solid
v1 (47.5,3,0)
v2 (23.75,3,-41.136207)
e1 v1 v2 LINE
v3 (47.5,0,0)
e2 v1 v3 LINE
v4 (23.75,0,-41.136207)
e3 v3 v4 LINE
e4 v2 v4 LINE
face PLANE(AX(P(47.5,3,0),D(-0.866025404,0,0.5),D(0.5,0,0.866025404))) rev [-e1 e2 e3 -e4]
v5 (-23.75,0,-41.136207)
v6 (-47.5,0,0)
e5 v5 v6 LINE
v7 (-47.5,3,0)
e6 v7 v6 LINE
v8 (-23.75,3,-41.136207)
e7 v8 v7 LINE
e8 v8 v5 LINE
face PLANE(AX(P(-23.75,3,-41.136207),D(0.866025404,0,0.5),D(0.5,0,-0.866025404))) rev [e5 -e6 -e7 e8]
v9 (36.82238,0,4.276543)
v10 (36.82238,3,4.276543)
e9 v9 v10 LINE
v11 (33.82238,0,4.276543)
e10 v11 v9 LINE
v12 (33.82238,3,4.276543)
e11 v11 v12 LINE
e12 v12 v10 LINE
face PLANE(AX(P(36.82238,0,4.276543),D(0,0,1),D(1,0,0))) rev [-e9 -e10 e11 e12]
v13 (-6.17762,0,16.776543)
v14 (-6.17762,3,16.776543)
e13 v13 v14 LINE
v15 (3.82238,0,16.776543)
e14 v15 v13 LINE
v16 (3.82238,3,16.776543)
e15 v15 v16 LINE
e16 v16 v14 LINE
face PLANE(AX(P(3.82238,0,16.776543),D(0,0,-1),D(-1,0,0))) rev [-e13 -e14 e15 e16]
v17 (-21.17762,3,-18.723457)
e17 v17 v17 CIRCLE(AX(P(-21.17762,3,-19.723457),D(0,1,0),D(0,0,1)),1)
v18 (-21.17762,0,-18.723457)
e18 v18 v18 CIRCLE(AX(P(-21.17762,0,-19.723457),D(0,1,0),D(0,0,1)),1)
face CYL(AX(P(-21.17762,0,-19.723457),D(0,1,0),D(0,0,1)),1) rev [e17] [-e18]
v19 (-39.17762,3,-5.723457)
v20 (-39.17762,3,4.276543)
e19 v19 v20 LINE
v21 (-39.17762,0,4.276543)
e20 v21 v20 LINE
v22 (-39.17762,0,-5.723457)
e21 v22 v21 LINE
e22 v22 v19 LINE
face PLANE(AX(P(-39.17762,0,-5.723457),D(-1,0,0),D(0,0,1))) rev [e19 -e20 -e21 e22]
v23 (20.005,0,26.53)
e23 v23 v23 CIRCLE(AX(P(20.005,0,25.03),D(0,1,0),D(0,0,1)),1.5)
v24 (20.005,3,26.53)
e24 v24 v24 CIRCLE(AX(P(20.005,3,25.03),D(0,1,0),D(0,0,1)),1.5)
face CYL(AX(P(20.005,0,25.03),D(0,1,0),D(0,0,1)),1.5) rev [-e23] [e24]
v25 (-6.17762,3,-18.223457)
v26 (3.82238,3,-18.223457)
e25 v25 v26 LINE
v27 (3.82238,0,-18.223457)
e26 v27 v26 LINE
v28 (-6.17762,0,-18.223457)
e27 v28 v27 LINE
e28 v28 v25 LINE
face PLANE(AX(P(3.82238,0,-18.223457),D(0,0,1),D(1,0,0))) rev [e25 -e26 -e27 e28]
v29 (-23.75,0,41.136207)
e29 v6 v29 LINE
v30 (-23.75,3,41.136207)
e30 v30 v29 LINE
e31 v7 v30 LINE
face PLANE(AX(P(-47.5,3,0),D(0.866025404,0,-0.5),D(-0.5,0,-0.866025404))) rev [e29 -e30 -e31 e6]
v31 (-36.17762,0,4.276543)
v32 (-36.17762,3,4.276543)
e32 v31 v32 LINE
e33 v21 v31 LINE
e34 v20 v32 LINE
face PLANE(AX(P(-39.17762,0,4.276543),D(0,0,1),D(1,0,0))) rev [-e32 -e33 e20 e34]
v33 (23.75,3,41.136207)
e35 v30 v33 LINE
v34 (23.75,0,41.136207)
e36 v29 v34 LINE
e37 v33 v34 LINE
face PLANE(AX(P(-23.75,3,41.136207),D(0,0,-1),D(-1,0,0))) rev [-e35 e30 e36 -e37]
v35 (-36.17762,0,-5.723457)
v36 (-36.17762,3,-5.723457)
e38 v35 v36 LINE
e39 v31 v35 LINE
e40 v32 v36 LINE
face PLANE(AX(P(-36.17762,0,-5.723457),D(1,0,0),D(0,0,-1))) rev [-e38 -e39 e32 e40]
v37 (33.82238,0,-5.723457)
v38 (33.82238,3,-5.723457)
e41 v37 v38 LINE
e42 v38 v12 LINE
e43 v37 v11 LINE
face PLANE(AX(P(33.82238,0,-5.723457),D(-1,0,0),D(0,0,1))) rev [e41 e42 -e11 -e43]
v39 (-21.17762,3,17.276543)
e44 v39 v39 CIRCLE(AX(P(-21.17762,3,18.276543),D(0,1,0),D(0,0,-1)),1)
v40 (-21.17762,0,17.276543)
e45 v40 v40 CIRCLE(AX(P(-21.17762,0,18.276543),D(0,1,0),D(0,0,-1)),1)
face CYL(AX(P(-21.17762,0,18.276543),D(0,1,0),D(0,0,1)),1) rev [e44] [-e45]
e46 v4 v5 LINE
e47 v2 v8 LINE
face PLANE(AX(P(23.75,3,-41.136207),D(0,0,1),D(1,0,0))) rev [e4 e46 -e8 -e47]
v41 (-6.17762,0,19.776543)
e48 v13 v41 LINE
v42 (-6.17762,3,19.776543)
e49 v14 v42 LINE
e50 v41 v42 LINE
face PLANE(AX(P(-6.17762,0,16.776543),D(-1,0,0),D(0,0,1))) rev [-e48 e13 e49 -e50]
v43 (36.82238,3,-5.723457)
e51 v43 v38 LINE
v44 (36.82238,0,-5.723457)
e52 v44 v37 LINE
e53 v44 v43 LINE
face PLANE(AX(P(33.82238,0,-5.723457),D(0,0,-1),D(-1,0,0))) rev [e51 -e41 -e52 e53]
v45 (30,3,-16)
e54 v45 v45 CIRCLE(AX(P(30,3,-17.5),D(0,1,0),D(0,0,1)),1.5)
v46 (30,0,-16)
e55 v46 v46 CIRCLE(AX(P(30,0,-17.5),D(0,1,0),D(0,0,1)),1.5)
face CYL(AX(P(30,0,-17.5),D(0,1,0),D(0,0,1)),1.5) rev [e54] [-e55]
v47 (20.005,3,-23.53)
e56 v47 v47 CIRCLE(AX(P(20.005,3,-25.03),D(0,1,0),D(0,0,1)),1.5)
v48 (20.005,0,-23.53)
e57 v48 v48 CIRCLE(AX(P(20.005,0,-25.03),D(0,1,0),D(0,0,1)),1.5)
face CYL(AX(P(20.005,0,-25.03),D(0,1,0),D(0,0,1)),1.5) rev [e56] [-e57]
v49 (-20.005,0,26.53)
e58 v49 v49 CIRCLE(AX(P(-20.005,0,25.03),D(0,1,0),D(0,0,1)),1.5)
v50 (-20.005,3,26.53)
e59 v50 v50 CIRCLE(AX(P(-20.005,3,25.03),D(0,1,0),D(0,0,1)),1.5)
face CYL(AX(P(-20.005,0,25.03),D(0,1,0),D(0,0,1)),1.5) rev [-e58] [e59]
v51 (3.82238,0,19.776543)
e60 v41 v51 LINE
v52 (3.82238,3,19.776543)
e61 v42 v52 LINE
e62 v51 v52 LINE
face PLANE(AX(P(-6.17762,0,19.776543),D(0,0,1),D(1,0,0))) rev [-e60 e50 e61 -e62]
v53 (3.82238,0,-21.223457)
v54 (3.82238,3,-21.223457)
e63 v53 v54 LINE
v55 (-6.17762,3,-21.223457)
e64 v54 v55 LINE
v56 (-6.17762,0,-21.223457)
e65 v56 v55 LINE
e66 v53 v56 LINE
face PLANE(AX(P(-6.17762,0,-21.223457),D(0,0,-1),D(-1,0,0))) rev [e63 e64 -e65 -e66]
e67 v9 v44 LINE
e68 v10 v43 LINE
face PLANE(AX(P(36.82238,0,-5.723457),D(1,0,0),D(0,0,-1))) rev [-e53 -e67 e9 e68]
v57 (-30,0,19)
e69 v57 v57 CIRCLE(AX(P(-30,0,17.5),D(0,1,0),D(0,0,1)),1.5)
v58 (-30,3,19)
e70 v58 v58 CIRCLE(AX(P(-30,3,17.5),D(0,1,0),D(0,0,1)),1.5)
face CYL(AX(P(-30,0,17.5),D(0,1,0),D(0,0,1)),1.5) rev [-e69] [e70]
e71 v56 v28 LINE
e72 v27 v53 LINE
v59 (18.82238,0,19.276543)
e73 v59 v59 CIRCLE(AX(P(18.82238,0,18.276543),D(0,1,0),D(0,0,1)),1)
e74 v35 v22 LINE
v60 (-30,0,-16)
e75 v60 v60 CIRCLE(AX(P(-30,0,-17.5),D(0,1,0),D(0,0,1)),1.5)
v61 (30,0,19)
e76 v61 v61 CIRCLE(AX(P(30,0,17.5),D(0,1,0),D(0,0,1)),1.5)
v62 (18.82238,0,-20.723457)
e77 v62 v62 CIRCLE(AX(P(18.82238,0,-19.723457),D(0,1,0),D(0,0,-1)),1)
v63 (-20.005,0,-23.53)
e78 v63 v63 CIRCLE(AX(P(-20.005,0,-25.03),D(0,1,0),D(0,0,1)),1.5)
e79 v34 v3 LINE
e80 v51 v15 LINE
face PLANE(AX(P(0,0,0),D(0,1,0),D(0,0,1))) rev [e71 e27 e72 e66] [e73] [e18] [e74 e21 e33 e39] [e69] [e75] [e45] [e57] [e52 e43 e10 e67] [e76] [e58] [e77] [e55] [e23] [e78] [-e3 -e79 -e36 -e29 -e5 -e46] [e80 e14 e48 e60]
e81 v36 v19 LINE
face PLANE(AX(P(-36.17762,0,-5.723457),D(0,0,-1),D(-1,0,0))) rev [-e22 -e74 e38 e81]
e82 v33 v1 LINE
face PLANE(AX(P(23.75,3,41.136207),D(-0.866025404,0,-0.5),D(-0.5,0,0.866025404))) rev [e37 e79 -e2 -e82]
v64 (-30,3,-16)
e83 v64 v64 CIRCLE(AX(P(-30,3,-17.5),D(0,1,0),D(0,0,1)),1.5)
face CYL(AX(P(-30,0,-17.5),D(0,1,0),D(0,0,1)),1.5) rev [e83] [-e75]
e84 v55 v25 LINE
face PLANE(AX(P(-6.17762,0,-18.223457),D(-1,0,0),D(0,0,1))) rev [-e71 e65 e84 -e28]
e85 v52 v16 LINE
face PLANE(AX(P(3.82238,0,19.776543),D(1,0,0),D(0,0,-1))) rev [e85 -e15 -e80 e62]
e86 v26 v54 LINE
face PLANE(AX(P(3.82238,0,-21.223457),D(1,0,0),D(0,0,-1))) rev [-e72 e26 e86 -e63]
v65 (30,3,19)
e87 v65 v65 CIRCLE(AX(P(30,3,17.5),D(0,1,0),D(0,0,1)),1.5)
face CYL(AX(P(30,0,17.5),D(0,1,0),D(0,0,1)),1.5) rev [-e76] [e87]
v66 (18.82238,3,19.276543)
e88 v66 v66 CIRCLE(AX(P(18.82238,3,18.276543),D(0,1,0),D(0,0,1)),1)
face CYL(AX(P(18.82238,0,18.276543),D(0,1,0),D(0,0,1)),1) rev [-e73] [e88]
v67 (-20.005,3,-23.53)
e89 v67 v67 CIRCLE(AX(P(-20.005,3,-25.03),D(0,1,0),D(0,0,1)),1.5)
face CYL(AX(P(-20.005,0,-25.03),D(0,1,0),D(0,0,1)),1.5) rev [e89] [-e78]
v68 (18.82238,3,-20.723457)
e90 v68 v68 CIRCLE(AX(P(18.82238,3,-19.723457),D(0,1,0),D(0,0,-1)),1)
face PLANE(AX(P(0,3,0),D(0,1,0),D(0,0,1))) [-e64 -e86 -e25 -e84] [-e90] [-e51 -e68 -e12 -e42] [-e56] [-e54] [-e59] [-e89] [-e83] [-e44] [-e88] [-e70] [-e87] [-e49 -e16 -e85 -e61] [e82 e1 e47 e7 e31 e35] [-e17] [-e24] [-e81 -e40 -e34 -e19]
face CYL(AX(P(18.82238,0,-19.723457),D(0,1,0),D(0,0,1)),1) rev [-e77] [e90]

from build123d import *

# Parameters (mm, degrees)
SALIENTE_EXTRUIR1_DEPTH = 3
CROQUIS3_R              = 1
CROQUIS3_W              = 10
CROQUIS3_H              = 3
CROQUIS3_W_2            = 3
CROQUIS3_H_2            = 10
CORTAR_EXTRUIR1_DEPTH   = 4
CROQUIS4_R              = 1.5
CORTAR_EXTRUIR2_DEPTH   = 4
CROQUIS5_R              = 1.5
CORTAR_EXTRUIR3_DEPTH   = 4


with BuildPart() as part:
    # Croquis1 → Saliente-Extruir1 (new body)
    with BuildSketch(Plane(origin=(0, 0, 0), x_dir=(1, 0, 0), z_dir=(0, 1, 0))):
        Polygon((-47.5, 0), (-23.75, -41.13620668), (23.75, -41.13620668), (47.5, 0), (23.75, 41.13620668), (-23.75, 41.13620668), align=None)
    extrude(amount=SALIENTE_EXTRUIR1_DEPTH)

    # Croquis3 → Cortar-Extruir1 (cut, through all)
    with BuildSketch(Plane(origin=(0, 3, 0), x_dir=(1, 0, 0), z_dir=(0, 1, 0))):
        with Locations((-21.177619762, 19.723456661)):
            Circle(CROQUIS3_R)
        with Locations((18.822380238, 19.723456661)):
            Circle(CROQUIS3_R)
        with Locations((18.822380238, -18.276543339)):
            Circle(CROQUIS3_R)
        with Locations((-21.177619762, -18.276543339)):
            Circle(CROQUIS3_R)
        with Locations((-1.177619762, 19.723456661)):
            Rectangle(CROQUIS3_W, CROQUIS3_H)
        with Locations((35.322380238, 0.723456661)):
            Rectangle(CROQUIS3_W_2, CROQUIS3_H_2)
        with Locations((-1.177619762, -18.276543339)):
            Rectangle(CROQUIS3_W, CROQUIS3_H)
        with Locations((-37.677619762, 0.723456661)):
            Rectangle(CROQUIS3_W_2, CROQUIS3_H_2)
    extrude(amount=-CORTAR_EXTRUIR1_DEPTH, mode=Mode.SUBTRACT)

    # Croquis4 → Cortar-Extruir2 (cut, through all)
    with BuildSketch(Plane(origin=(0, 3, 0), x_dir=(1, 0, 0), z_dir=(0, 1, 0))):
        with Locations((20.005, -25.03)):
            Circle(CROQUIS4_R)
        with Locations((20.005, 25.03)):
            Circle(CROQUIS4_R)
        with Locations((-20.005, 25.03)):
            Circle(CROQUIS4_R)
        with Locations((-20.005, -25.03)):
            Circle(CROQUIS4_R)
    extrude(amount=-CORTAR_EXTRUIR2_DEPTH, mode=Mode.SUBTRACT)

    # Croquis5 → Cortar-Extruir3 (cut, through all)
    with BuildSketch(Plane(origin=(0, 3, 0), x_dir=(1, 0, 0), z_dir=(0, 1, 0))):
        with Locations((30, 17.5)):
            Circle(CROQUIS5_R)
        with Locations((30, -17.5)):
            Circle(CROQUIS5_R)
        with Locations((-30, -17.5)):
            Circle(CROQUIS5_R)
        with Locations((-30, 17.5)):
            Circle(CROQUIS5_R)
    extrude(amount=-CORTAR_EXTRUIR3_DEPTH, mode=Mode.SUBTRACT)


solid = part.part
